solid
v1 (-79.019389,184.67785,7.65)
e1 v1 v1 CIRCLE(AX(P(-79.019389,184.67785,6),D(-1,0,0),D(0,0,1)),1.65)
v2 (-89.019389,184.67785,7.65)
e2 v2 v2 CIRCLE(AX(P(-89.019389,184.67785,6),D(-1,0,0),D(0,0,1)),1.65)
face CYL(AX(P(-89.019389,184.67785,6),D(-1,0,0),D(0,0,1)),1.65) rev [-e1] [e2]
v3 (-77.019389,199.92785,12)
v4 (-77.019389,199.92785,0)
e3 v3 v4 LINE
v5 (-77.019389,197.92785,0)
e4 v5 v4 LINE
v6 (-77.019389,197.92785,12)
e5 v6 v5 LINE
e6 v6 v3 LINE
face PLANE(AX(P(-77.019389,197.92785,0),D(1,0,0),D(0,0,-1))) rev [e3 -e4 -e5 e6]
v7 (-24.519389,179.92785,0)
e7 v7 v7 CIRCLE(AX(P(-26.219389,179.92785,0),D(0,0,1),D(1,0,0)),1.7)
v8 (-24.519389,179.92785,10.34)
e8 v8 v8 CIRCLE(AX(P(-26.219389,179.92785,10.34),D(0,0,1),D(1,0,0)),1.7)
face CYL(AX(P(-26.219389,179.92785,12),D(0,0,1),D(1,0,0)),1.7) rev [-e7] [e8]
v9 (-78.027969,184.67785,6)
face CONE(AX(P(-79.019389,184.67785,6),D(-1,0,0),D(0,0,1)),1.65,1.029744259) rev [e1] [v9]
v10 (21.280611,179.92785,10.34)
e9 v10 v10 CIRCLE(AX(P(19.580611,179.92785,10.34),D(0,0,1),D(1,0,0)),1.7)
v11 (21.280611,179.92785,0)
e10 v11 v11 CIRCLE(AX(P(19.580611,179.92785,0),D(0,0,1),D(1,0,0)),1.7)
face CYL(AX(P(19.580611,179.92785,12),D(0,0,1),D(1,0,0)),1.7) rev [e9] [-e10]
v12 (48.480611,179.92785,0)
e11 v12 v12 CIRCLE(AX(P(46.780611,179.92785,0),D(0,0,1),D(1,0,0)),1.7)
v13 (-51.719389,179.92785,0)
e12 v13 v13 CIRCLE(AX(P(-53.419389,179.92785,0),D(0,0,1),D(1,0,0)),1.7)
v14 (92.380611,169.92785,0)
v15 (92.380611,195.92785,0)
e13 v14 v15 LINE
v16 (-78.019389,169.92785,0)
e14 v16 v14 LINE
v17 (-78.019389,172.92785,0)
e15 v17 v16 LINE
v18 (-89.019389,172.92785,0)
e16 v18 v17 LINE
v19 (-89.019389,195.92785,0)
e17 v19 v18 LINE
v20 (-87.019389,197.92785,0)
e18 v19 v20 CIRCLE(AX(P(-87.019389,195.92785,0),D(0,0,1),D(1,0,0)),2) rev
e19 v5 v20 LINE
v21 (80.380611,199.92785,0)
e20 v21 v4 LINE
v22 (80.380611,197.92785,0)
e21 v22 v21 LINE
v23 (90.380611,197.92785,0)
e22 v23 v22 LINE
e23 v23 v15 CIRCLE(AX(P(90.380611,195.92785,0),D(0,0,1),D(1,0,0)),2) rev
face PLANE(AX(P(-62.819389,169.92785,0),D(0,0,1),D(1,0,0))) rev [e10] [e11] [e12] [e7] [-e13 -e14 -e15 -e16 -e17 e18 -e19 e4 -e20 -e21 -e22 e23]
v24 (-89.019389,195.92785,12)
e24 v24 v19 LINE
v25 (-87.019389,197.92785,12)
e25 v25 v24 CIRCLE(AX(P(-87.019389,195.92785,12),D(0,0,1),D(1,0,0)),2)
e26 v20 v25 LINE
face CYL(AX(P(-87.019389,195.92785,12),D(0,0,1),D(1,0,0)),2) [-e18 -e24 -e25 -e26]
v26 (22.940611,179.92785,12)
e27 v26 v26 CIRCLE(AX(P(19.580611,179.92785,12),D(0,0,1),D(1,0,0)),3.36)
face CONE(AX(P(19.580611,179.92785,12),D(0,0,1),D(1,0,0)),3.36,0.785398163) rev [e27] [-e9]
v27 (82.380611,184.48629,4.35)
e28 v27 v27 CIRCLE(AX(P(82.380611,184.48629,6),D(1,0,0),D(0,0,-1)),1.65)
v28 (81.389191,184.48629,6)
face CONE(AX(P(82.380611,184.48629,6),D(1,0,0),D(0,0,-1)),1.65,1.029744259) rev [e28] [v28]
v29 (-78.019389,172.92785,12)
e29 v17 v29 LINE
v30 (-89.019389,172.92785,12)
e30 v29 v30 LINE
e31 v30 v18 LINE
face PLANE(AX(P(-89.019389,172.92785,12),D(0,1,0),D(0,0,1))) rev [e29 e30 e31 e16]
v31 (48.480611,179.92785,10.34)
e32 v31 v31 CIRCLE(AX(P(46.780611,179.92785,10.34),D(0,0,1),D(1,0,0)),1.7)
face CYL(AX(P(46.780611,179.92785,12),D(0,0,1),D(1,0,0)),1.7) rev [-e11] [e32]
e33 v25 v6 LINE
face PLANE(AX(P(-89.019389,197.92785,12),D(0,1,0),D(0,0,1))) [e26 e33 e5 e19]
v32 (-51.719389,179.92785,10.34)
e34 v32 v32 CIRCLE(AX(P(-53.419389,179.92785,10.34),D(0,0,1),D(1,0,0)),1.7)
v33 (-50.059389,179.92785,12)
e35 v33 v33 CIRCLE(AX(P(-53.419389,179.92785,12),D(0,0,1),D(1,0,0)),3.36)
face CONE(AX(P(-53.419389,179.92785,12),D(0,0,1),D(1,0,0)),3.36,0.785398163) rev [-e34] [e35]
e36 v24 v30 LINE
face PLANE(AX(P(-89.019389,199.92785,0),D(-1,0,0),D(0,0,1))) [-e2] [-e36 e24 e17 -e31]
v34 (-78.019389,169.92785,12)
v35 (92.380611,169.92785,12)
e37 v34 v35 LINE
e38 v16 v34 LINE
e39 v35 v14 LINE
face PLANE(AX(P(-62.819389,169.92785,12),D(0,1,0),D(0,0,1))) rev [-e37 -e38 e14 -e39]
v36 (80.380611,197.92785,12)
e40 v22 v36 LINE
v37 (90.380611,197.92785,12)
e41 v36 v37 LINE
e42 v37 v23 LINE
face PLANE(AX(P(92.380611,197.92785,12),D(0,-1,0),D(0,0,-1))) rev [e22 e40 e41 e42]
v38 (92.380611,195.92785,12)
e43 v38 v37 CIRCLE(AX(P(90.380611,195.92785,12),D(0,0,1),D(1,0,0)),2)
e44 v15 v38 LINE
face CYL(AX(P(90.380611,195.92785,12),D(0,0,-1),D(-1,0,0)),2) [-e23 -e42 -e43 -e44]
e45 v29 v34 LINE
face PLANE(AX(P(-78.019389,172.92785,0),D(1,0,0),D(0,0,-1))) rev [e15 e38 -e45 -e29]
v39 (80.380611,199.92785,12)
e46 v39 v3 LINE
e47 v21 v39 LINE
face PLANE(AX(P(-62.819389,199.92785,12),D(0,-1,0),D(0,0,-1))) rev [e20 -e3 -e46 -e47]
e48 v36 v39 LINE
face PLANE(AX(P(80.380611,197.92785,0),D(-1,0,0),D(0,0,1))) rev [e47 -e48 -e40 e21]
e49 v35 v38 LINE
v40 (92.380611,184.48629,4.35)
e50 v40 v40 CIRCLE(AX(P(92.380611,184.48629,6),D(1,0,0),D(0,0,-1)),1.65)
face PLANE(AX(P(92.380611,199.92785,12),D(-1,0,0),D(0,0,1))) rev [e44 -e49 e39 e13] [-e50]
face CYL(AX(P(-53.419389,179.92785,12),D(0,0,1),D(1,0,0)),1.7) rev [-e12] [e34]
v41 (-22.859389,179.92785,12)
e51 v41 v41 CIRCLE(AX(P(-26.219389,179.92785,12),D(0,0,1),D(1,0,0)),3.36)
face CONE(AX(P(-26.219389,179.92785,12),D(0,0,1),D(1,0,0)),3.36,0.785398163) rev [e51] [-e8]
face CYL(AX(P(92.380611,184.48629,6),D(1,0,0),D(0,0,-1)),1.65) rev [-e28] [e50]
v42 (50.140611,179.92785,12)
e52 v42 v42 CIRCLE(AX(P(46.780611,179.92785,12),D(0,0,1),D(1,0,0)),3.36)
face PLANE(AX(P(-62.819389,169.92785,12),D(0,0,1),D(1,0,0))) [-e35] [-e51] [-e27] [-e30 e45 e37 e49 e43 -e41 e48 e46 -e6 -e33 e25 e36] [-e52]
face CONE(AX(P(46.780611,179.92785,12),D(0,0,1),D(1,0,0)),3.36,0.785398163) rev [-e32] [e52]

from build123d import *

# Parameters (mm, degrees)
ESBO_O1_W                                      = 119
ESBO_O1_H                                      = 30
RESSALTO_EXTRUS_O1_DEPTH                       = 12
ESCAREADO_PARA_SFHCS_M31_D                     = 3.4
ESCAREADO_PARA_SFHCS_M31_CSINK_D               = 6.72
ESCAREADO_PARA_SFHCS_M31_CSINK_ANGLE           = 90
ESBO_O8_W                                      = 26.2
ESBO_O8_H                                      = 30
RESSALTO_EXTRUS_O2_DEPTH                       = 12
ESBO_O9_W                                      = 36.2
ESBO_O9_H                                      = 30
RESSALTO_EXTRUS_O3_DEPTH                       = 12
ESBO_O10_W                                     = 12
ESBO_O10_H                                     = 12
CORTE_EXTRUS_O1_DEPTH                          = 2
FILETE1_R                                      = 2
ESBO_O12_W                                     = 11
ESBO_O12_H                                     = 12
CORTE_EXTRUS_O2_DEPTH                          = 3
BROCA_DE_ROSQUEAR_PARA_TARRAXA_DE_M4X0_7_D     = 3.3
BROCA_DE_ROSQUEAR_PARA_TARRAXA_DE_M4X0_7_DEPTH = 10
BROCA_DE_ROSQUEAR_PARA_TARRAXA_DE_M4X0_7_TIP   = 0.991420021
ESBO_O15_W                                     = 12
ESBO_O15_H                                     = 12
CORTE_EXTRUS_O3_DEPTH                          = 2
FILETE2_R                                      = 2
BROCA_DE_ROSQUEAR_PARA_TARRAXA_DE_M4_2_D       = 3.3
BROCA_DE_ROSQUEAR_PARA_TARRAXA_DE_M4_2_DEPTH   = 10
BROCA_DE_ROSQUEAR_PARA_TARRAXA_DE_M4_2_TIP     = 0.991420021


with BuildPart() as part:
    # Esboço1 → Ressalto-extrusão1 (new body)
    with BuildSketch(Plane.XY):
        with Locations((-3.319388577, 184.927849727)):
            Rectangle(ESBO_O1_W, ESBO_O1_H)
    extrude(amount=RESSALTO_EXTRUS_O1_DEPTH)

    # Escareado para SFHCS M31 (through all)
    with Locations(Plane.XY.offset(12)):
        with Locations((46.780611423, 179.927849727), (-53.419388577, 179.927849727), (-26.219388577, 179.927849727), (19.580611423, 179.927849727)):
            CounterSinkHole(ESCAREADO_PARA_SFHCS_M31_D / 2, ESCAREADO_PARA_SFHCS_M31_CSINK_D / 2, counter_sink_angle=ESCAREADO_PARA_SFHCS_M31_CSINK_ANGLE)

    # Esboço8 → Ressalto-extrusão2 (add)
    with BuildSketch(Plane.XY.offset(12)):
        with Locations((-75.919388577, 184.927849727)):
            Rectangle(ESBO_O8_W, ESBO_O8_H)
    extrude(amount=-RESSALTO_EXTRUS_O2_DEPTH)

    # Esboço9 → Ressalto-extrusão3 (add)
    with BuildSketch(Plane.XY):
        with Locations((74.280611423, 184.927849727)):
            Rectangle(ESBO_O9_W, ESBO_O9_H)
    extrude(amount=RESSALTO_EXTRUS_O3_DEPTH)

    # Esboço10 → Corte-extrusão1 (cut)
    with BuildSketch(Plane(origin=(0, 199.927849727, 0), x_dir=(1, 0, 0), z_dir=(0, 1, 0))):
        with Locations((-83.019388577, -6)):
            Rectangle(ESBO_O10_W, ESBO_O10_H)
    extrude(amount=-CORTE_EXTRUS_O1_DEPTH, mode=Mode.SUBTRACT)

    # Filete1
    filete1_edges = [part.edges().sort_by_distance(p)[0] for p in [
        (-89.019388577, 197.927849727, 6),
    ]]
    fillet(filete1_edges, radius=FILETE1_R)

    # Esboço12 → Corte-extrusão2 (cut)
    with BuildSketch(Plane.XZ.offset(-169.927849727)):
        with Locations((-83.519388577, 6)):
            Rectangle(ESBO_O12_W, ESBO_O12_H)
    extrude(amount=-CORTE_EXTRUS_O2_DEPTH, mode=Mode.SUBTRACT)

    # Broca de rosquear para tarraxa de M4x0.7
    with Locations(Plane.ZY.offset(89.019388577)):
        with Locations((6, 184.677849727)):
            Hole(BROCA_DE_ROSQUEAR_PARA_TARRAXA_DE_M4X0_7_D / 2, depth=BROCA_DE_ROSQUEAR_PARA_TARRAXA_DE_M4X0_7_DEPTH)
            with Locations((0, 0, -(BROCA_DE_ROSQUEAR_PARA_TARRAXA_DE_M4X0_7_DEPTH + BROCA_DE_ROSQUEAR_PARA_TARRAXA_DE_M4X0_7_TIP / 2))):  # 118° drill point
                Cone(0, BROCA_DE_ROSQUEAR_PARA_TARRAXA_DE_M4X0_7_D / 2, BROCA_DE_ROSQUEAR_PARA_TARRAXA_DE_M4X0_7_TIP, mode=Mode.SUBTRACT)

    # Esboço15 → Corte-extrusão3 (cut)
    with BuildSketch(Plane(origin=(0, 199.927849727, 0), x_dir=(-1, 0, 0), z_dir=(0, 1, 0))):
        with Locations((-86.380611423, 6)):
            Rectangle(ESBO_O15_W, ESBO_O15_H)
    extrude(amount=-CORTE_EXTRUS_O3_DEPTH, mode=Mode.SUBTRACT)

    # Filete2
    filete2_edges = [part.edges().sort_by_distance(p)[0] for p in [
        (92.380611423, 197.927849727, 6),
    ]]
    fillet(filete2_edges, radius=FILETE2_R)

    # Broca de rosquear para tarraxa de M4 2
    with Locations(Plane(origin=(92.380611423, 0, 0), x_dir=(0, 0, -1), z_dir=(1, 0, 0))):
        with Locations((-6, 184.4862903)):
            Hole(BROCA_DE_ROSQUEAR_PARA_TARRAXA_DE_M4_2_D / 2, depth=BROCA_DE_ROSQUEAR_PARA_TARRAXA_DE_M4_2_DEPTH)
            with Locations((0, 0, -(BROCA_DE_ROSQUEAR_PARA_TARRAXA_DE_M4_2_DEPTH + BROCA_DE_ROSQUEAR_PARA_TARRAXA_DE_M4_2_TIP / 2))):  # 118° drill point
                Cone(0, BROCA_DE_ROSQUEAR_PARA_TARRAXA_DE_M4_2_D / 2, BROCA_DE_ROSQUEAR_PARA_TARRAXA_DE_M4_2_TIP, mode=Mode.SUBTRACT)


solid = part.part
